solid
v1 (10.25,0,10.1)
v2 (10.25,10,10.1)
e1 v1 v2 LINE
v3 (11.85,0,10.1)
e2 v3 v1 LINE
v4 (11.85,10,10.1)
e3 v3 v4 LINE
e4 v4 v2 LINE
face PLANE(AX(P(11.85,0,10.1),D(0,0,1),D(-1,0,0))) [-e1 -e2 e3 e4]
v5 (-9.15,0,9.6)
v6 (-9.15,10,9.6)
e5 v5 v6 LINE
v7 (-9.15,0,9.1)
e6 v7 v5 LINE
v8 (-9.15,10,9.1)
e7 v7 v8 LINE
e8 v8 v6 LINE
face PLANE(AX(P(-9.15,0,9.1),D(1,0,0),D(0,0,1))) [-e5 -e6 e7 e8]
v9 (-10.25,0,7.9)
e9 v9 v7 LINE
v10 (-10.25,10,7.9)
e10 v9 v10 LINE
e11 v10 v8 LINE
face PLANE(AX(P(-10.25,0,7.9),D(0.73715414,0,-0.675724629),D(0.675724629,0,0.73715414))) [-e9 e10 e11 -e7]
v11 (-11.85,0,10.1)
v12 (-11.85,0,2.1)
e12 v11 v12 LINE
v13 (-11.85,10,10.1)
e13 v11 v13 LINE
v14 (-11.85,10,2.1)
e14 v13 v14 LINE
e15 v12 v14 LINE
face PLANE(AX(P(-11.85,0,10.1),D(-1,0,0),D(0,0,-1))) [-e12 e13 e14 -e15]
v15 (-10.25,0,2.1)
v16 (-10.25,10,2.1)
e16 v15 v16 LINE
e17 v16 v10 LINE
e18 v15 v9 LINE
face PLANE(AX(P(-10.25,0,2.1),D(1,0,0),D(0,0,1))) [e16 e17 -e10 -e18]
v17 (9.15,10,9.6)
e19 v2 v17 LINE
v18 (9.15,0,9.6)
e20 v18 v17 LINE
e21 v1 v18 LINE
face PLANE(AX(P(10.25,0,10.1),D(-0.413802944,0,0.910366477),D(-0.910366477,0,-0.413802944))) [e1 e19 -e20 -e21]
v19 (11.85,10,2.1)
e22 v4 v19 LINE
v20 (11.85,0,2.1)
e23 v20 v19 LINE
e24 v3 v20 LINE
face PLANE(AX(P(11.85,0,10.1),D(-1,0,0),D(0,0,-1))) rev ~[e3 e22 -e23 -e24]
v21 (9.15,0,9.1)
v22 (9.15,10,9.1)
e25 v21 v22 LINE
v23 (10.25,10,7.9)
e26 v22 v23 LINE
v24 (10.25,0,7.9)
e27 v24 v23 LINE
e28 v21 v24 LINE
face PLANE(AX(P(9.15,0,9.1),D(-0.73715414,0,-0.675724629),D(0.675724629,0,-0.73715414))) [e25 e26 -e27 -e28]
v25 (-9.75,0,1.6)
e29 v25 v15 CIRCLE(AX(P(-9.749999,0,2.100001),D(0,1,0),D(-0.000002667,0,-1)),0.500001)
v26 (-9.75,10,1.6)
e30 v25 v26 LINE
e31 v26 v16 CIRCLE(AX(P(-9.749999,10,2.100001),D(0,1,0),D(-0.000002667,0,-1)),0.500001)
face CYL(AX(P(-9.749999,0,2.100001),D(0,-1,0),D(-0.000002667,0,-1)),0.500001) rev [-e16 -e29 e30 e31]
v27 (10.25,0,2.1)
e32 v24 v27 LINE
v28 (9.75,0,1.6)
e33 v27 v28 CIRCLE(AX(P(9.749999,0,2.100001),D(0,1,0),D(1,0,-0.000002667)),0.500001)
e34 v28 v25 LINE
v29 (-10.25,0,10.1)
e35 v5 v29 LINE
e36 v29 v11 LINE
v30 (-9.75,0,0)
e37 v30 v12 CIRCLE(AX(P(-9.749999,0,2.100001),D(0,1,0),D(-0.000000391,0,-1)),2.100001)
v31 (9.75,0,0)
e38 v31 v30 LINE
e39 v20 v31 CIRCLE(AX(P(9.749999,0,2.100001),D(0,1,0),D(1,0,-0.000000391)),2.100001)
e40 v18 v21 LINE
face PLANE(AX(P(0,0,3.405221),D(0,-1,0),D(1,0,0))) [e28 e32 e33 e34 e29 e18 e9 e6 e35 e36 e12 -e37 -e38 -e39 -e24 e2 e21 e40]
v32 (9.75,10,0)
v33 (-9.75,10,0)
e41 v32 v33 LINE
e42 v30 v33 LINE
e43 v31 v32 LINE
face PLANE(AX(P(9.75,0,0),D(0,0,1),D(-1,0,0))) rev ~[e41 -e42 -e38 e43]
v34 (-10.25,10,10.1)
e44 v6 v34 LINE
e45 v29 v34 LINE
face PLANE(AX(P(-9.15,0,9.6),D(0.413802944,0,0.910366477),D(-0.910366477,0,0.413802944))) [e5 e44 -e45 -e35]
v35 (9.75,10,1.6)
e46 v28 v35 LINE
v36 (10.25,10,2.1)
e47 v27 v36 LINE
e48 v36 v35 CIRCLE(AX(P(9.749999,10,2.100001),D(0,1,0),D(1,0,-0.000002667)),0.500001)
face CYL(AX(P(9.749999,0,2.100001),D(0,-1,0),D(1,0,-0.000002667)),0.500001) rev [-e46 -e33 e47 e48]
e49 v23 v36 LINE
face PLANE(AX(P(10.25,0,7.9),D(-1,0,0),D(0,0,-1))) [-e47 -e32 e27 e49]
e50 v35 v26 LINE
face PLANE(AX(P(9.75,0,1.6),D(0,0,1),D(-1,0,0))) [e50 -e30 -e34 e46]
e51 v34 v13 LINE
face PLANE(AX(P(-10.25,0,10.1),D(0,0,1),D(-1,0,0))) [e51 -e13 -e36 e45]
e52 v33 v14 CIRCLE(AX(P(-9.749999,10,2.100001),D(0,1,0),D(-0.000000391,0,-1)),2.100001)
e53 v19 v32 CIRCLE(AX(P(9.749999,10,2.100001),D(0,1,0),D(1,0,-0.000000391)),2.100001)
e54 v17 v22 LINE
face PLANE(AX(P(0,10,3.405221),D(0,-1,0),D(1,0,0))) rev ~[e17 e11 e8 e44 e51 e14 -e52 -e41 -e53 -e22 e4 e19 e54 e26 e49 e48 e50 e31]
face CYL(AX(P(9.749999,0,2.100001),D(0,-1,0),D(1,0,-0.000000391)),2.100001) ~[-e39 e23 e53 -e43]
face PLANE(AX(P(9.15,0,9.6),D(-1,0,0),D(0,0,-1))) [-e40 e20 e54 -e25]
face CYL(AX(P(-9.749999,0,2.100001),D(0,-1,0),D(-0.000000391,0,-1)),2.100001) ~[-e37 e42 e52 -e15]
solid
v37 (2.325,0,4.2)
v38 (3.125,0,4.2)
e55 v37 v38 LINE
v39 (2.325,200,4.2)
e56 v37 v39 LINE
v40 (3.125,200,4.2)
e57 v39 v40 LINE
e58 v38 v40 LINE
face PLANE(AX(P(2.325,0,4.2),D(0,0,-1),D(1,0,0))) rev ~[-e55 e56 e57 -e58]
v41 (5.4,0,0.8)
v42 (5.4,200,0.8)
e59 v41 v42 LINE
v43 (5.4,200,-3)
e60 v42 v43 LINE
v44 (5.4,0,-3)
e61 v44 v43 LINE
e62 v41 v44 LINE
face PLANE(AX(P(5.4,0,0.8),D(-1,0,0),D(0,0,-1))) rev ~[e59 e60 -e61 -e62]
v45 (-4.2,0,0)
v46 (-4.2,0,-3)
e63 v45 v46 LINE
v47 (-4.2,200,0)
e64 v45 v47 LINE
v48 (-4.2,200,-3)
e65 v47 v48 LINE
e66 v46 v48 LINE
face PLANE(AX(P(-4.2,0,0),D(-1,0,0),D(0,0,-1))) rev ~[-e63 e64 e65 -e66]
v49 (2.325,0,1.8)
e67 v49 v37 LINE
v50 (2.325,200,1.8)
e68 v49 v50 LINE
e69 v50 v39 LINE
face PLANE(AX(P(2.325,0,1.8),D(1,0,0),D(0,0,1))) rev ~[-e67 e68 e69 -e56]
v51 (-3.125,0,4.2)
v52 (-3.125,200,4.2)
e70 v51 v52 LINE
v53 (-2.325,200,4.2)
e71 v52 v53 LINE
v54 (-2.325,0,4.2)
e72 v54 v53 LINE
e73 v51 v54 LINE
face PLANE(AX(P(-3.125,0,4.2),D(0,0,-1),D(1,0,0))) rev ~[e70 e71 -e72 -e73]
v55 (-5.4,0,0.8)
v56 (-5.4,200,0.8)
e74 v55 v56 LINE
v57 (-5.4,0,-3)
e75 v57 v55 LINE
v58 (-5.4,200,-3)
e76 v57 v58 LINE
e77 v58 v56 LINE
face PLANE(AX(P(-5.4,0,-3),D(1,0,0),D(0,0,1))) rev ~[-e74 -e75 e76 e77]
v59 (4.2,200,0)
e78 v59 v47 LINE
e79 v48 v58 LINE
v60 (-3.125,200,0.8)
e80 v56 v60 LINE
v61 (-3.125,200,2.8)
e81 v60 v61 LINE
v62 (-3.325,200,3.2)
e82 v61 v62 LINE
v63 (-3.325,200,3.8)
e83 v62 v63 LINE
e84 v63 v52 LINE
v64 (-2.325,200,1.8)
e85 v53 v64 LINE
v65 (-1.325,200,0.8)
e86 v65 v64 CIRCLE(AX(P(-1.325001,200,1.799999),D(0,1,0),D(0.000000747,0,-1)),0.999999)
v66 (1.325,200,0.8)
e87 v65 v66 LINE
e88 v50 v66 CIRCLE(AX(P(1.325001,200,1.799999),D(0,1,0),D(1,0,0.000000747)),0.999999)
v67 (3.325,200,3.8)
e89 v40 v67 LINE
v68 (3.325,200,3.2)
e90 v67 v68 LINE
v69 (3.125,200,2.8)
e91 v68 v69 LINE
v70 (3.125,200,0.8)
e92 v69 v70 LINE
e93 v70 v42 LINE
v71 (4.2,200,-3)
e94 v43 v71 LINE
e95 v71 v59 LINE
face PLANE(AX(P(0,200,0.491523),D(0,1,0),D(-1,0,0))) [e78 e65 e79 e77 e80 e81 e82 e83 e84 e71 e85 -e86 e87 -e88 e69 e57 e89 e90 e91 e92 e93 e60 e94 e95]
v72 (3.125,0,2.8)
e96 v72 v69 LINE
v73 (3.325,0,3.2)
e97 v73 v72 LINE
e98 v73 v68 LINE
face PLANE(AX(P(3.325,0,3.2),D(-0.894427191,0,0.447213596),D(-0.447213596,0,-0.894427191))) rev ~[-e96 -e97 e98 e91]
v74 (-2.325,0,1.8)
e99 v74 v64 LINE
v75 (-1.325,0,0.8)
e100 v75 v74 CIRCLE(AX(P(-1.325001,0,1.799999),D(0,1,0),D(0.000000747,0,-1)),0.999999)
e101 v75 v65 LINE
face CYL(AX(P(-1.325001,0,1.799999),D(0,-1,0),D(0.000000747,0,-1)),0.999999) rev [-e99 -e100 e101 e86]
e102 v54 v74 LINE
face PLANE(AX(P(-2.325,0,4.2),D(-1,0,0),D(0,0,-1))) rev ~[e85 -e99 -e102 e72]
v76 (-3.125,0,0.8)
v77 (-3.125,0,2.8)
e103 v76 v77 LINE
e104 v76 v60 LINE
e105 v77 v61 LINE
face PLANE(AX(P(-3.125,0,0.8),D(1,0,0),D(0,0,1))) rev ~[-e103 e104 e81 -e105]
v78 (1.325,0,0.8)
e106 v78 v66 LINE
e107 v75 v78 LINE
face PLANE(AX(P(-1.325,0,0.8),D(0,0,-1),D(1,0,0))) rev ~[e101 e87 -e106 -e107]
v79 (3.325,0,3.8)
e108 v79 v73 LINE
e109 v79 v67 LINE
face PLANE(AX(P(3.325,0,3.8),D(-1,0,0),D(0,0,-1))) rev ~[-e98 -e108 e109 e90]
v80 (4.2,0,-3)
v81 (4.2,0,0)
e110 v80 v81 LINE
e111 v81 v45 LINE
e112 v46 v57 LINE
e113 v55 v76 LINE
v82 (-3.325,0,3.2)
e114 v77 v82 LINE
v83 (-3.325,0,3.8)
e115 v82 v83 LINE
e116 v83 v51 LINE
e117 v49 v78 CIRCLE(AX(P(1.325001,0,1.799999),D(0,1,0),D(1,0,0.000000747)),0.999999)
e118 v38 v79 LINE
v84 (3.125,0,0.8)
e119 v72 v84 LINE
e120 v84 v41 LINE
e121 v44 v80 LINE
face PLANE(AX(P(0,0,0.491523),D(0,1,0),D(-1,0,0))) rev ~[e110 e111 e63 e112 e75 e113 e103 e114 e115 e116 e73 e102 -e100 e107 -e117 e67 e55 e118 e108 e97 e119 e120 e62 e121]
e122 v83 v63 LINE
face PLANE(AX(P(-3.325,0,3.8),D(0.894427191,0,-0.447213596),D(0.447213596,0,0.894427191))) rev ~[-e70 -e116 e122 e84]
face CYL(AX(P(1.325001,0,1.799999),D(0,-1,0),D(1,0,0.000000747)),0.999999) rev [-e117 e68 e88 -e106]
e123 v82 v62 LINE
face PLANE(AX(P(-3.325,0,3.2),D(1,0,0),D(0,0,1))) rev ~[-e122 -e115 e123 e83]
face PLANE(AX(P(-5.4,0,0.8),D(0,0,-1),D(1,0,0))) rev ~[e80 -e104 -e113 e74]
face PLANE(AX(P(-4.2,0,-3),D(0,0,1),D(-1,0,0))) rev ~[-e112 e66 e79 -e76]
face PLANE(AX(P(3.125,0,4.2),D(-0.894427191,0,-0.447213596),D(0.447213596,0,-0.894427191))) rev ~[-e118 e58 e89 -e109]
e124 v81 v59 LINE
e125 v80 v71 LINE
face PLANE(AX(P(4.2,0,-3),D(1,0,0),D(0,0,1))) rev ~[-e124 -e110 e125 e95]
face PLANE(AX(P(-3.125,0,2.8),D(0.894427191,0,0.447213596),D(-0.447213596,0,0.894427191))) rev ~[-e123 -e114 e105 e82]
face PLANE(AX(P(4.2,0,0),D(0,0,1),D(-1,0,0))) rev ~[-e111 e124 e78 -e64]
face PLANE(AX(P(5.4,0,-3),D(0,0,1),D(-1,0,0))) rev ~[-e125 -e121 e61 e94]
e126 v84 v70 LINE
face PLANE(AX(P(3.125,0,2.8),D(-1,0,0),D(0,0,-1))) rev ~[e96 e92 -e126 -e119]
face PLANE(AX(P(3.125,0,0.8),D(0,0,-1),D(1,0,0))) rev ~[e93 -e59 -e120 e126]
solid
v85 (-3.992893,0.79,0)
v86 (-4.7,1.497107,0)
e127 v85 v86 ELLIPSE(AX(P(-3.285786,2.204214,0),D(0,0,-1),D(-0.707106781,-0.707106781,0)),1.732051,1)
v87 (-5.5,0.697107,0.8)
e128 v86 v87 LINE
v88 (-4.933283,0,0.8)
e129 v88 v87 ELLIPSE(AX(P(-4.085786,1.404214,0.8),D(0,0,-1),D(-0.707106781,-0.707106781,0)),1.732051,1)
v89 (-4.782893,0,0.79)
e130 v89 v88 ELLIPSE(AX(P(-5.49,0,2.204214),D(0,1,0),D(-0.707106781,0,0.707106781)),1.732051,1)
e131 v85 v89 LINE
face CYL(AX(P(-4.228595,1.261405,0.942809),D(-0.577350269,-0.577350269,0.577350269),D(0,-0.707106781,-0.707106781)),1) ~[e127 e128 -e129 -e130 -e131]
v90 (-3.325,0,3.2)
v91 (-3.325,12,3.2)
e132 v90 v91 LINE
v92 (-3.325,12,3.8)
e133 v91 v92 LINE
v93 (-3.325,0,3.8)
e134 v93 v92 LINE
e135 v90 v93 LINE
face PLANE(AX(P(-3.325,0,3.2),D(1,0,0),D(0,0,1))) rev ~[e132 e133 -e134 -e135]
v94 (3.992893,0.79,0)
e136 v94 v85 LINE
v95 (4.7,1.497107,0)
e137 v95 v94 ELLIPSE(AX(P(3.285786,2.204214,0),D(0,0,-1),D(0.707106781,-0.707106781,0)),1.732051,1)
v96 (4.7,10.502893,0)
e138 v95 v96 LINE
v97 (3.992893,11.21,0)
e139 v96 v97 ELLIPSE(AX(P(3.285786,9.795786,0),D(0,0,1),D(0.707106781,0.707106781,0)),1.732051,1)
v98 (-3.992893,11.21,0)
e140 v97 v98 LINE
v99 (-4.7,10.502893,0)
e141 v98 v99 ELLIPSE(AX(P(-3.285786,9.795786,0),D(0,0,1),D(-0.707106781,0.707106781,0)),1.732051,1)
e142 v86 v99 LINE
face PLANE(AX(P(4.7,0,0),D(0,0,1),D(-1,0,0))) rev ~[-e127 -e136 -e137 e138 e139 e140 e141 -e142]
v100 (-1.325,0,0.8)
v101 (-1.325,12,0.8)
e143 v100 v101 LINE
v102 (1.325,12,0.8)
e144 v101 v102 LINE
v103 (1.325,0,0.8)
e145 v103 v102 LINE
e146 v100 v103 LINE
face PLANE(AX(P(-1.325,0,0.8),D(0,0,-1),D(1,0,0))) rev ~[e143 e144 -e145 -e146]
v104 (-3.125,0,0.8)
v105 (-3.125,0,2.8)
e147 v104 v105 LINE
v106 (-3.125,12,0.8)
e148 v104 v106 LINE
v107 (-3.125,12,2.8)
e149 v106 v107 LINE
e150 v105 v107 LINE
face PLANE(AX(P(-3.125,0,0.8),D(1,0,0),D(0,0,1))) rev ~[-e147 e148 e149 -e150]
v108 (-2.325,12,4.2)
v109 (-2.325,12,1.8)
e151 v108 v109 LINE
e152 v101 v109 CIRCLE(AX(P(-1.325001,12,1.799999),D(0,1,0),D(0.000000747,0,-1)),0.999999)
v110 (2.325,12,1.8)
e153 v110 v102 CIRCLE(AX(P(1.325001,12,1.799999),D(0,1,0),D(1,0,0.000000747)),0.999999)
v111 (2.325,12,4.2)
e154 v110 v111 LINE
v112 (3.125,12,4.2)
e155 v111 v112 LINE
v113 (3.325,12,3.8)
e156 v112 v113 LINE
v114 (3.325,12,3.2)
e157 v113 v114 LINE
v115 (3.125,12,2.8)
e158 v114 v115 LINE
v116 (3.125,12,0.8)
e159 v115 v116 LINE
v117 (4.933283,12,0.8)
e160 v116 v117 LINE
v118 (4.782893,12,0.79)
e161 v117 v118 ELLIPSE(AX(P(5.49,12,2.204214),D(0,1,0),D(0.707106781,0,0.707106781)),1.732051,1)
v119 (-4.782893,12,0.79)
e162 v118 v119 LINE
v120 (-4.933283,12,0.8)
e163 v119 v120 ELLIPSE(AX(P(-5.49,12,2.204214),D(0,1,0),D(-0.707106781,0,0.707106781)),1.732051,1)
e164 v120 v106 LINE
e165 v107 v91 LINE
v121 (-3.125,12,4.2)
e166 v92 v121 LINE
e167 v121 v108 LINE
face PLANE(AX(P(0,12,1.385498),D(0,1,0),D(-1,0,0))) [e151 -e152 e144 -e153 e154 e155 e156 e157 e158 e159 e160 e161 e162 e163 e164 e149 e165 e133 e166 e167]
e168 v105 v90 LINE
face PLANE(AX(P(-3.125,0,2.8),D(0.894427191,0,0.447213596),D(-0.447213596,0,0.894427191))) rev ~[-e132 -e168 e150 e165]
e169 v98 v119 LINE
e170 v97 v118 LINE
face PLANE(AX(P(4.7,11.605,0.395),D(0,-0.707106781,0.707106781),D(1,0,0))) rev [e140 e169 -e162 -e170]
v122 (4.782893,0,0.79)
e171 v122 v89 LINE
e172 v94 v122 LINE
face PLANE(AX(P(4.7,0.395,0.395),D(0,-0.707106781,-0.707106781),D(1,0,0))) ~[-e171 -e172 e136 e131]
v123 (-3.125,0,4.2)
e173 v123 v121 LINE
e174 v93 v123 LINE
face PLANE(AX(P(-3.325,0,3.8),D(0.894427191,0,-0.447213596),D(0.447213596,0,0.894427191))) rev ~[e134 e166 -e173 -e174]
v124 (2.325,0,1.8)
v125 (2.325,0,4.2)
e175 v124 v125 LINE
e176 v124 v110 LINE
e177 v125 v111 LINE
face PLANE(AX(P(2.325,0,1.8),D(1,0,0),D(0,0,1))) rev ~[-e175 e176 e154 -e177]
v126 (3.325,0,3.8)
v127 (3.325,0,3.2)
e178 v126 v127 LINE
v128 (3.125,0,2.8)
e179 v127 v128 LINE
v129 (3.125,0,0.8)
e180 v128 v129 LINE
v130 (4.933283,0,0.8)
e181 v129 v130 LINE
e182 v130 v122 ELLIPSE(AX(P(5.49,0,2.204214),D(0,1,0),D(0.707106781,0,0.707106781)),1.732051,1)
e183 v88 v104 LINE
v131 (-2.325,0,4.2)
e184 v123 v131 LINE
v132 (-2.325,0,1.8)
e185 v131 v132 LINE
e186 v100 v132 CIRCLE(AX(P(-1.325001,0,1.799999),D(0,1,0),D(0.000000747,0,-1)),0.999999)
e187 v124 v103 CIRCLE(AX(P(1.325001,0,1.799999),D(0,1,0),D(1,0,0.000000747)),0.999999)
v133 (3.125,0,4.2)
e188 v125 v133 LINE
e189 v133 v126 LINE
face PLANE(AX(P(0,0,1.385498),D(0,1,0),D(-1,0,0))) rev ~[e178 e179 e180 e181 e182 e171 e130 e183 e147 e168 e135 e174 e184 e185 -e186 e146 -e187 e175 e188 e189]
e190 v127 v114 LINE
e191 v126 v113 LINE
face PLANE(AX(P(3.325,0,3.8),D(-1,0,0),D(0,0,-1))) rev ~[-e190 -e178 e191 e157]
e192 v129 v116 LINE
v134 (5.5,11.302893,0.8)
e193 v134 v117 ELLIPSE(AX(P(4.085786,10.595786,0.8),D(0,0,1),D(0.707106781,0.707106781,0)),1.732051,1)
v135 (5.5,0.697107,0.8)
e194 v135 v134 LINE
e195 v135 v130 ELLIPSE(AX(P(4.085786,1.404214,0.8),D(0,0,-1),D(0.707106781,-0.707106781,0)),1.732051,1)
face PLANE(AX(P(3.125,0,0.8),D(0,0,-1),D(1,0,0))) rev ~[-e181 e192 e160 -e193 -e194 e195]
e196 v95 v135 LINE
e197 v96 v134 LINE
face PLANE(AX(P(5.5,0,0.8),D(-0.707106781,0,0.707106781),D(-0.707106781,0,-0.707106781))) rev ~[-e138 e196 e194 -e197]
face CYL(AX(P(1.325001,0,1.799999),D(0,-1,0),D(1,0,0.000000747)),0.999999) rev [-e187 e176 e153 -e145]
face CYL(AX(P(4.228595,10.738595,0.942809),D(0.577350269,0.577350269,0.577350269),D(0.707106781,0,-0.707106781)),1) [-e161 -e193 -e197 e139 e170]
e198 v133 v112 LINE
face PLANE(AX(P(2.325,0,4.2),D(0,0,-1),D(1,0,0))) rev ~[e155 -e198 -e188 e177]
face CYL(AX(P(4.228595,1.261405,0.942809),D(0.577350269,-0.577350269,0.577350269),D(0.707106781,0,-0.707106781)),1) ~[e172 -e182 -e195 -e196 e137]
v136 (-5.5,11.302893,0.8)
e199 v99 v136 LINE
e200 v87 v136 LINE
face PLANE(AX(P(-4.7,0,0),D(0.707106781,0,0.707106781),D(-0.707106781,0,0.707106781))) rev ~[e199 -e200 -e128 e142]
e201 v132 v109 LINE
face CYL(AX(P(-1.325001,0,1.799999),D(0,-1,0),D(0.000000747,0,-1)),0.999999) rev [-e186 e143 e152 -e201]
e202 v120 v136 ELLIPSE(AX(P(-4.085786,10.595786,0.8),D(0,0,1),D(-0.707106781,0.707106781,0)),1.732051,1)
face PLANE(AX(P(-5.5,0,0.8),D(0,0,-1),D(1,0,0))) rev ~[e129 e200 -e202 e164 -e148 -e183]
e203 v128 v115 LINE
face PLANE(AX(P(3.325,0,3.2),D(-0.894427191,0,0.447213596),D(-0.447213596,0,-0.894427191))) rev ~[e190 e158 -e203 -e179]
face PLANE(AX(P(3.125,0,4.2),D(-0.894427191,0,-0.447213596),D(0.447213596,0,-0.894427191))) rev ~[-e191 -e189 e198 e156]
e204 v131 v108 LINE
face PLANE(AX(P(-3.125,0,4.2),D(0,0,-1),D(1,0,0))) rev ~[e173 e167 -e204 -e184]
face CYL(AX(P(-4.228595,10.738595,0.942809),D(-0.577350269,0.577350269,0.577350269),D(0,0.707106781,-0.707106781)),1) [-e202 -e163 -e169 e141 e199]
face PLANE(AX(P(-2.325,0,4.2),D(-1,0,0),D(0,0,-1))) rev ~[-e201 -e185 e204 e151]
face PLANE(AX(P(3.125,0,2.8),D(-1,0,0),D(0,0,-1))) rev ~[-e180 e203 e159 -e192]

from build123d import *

# Parameters (mm, degrees)
PAD_DEPTH    = 12
CHAMFER_SIZE = 0.79
FILLET_R     = 1
PAD001_DEPTH = 200
PAD002_DEPTH = 10


with BuildPart() as plug:
    # Sketch003 → Pad (new body)
    with BuildSketch(Plane(origin=(0, 0, 0), x_dir=(-1, 0, 0), z_dir=(0, 1, 0))):
        with BuildLine():
            Line((-4.7, 0), (4.7, 0))
            Line((4.7, 0), (5.5, 0.8))
            Line((5.5, 0.8), (3.125, 0.8))
            Line((3.125, 0.8), (3.125, 2.8))
            Line((3.125, 2.8), (3.325, 3.2))
            Line((3.325, 3.2), (3.325, 3.8))
            Line((3.325, 3.8), (3.125, 4.2))
            Line((3.125, 4.2), (2.325, 4.2))
            Line((2.325, 4.2), (2.325, 1.8))
            ThreePointArc((1.325, 0.8), (2.032107, 1.092893), (2.325, 1.8))
            Line((1.325, 0.8), (-1.325, 0.8))
            ThreePointArc((-2.325, 1.8), (-2.032107, 1.092893), (-1.325, 0.8))
            Line((-2.325, 1.8), (-2.325, 4.2))
            Line((-2.325, 4.2), (-3.125, 4.2))
            Line((-3.125, 4.2), (-3.325, 3.8))
            Line((-3.325, 3.8), (-3.325, 3.2))
            Line((-3.325, 3.2), (-3.125, 2.8))
            Line((-3.125, 2.8), (-3.125, 0.8))
            Line((-3.125, 0.8), (-5.5, 0.8))
            Line((-5.5, 0.8), (-4.7, 0))
        make_face()
    extrude(amount=PAD_DEPTH)

    # Chamfer
    chamfer_edges = [plug.edges().sort_by_distance(p)[0] for p in [
        (0, 12, 0),
        (0, 0, 0),
    ]]
    chamfer(chamfer_edges, length=CHAMFER_SIZE)

    # Fillet
    fillet_edges = [plug.edges().sort_by_distance(p)[0] for p in [
        (5.095, 11.605, 0.395),
        (5.095, 0.395, 0.395),
        (-5.095, 11.605, 0.395),
        (-5.095, 0.395, 0.395),
    ]]
    fillet(fillet_edges, radius=FILLET_R)


with BuildPart() as ledclipbody:
    # Sketch001 → Pad001 (new body)
    with BuildSketch(Plane(origin=(0, 0, 0), x_dir=(-1, 0, 0), z_dir=(0, 1, 0))):
        with BuildLine():
            Line((5.4, 0.8), (3.125, 0.8))
            Line((3.125, 0.8), (3.125, 2.8))
            Line((3.125, 2.8), (3.325, 3.2))
            Line((3.325, 3.2), (3.325, 3.8))
            Line((3.325, 3.8), (3.125, 4.2))
            Line((3.125, 4.2), (2.325, 4.2))
            Line((2.325, 4.2), (2.325, 1.8))
            ThreePointArc((1.325, 0.8), (2.032107, 1.092893), (2.325, 1.8))
            Line((1.325, 0.8), (-1.325, 0.8))
            ThreePointArc((-2.325, 1.8), (-2.032107, 1.092893), (-1.325, 0.8))
            Line((-2.325, 1.8), (-2.325, 4.2))
            Line((-2.325, 4.2), (-3.125, 4.2))
            Line((-3.125, 4.2), (-3.325, 3.8))
            Line((-3.325, 3.8), (-3.325, 3.2))
            Line((-3.325, 3.2), (-3.125, 2.8))
            Line((-3.125, 2.8), (-3.125, 0.8))
            Line((-3.125, 0.8), (-5.4, 0.8))
            Line((-5.4, 0.8), (-5.4, -3))
            Line((-5.4, -3), (-4.2, -3))
            Line((-4.2, -3), (-4.2, 0))
            Line((-4.2, 0), (4.2, 0))
            Line((4.2, 0), (4.2, -3))
            Line((4.2, -3), (5.4, -3))
            Line((5.4, -3), (5.4, 0.8))
        make_face()
    extrude(amount=PAD001_DEPTH)


with BuildPart() as pad002body:
    # Sketch002 → Pad002 (new body)
    with BuildSketch(Plane(origin=(0, 0, 0), x_dir=(-1, 0, 0), z_dir=(0, 1, 0))):
        with BuildLine():
            Line((-10.25, 10.1), (-9.15, 9.6))
            Line((-9.15, 9.6), (-9.15, 9.1))
            Line((-9.15, 9.1), (-10.25, 7.9))
            Line((-10.25, 7.9), (-10.25, 2.1))
            ThreePointArc((-10.25, 2.1), (-10.103553, 1.746447), (-9.75, 1.6))
            Line((-9.75, 1.6), (9.75, 1.6))
            ThreePointArc((9.75, 1.6), (10.103553, 1.746447), (10.25, 2.1))
            Line((10.25, 2.1), (10.25, 7.9))
            Line((10.25, 7.9), (9.15, 9.1))
            Line((9.15, 9.1), (9.15, 9.6))
            Line((9.15, 9.6), (10.25, 10.1))
            Line((10.25, 10.1), (11.85, 10.1))
            Line((11.85, 10.1), (11.85, 2.1))
            ThreePointArc((9.75, 0), (11.234924, 0.615076), (11.85, 2.1))
            Line((-9.75, 0), (9.75, 0))
            ThreePointArc((-11.85, 2.1), (-11.234924, 0.615076), (-9.75, 0))
            Line((-11.85, 10.1), (-11.85, 2.1))
            Line((-11.85, 10.1), (-10.25, 10.1))
        make_face()
    extrude(amount=PAD002_DEPTH)


solid = Compound([plug.part, ledclipbody.part, pad002body.part])
